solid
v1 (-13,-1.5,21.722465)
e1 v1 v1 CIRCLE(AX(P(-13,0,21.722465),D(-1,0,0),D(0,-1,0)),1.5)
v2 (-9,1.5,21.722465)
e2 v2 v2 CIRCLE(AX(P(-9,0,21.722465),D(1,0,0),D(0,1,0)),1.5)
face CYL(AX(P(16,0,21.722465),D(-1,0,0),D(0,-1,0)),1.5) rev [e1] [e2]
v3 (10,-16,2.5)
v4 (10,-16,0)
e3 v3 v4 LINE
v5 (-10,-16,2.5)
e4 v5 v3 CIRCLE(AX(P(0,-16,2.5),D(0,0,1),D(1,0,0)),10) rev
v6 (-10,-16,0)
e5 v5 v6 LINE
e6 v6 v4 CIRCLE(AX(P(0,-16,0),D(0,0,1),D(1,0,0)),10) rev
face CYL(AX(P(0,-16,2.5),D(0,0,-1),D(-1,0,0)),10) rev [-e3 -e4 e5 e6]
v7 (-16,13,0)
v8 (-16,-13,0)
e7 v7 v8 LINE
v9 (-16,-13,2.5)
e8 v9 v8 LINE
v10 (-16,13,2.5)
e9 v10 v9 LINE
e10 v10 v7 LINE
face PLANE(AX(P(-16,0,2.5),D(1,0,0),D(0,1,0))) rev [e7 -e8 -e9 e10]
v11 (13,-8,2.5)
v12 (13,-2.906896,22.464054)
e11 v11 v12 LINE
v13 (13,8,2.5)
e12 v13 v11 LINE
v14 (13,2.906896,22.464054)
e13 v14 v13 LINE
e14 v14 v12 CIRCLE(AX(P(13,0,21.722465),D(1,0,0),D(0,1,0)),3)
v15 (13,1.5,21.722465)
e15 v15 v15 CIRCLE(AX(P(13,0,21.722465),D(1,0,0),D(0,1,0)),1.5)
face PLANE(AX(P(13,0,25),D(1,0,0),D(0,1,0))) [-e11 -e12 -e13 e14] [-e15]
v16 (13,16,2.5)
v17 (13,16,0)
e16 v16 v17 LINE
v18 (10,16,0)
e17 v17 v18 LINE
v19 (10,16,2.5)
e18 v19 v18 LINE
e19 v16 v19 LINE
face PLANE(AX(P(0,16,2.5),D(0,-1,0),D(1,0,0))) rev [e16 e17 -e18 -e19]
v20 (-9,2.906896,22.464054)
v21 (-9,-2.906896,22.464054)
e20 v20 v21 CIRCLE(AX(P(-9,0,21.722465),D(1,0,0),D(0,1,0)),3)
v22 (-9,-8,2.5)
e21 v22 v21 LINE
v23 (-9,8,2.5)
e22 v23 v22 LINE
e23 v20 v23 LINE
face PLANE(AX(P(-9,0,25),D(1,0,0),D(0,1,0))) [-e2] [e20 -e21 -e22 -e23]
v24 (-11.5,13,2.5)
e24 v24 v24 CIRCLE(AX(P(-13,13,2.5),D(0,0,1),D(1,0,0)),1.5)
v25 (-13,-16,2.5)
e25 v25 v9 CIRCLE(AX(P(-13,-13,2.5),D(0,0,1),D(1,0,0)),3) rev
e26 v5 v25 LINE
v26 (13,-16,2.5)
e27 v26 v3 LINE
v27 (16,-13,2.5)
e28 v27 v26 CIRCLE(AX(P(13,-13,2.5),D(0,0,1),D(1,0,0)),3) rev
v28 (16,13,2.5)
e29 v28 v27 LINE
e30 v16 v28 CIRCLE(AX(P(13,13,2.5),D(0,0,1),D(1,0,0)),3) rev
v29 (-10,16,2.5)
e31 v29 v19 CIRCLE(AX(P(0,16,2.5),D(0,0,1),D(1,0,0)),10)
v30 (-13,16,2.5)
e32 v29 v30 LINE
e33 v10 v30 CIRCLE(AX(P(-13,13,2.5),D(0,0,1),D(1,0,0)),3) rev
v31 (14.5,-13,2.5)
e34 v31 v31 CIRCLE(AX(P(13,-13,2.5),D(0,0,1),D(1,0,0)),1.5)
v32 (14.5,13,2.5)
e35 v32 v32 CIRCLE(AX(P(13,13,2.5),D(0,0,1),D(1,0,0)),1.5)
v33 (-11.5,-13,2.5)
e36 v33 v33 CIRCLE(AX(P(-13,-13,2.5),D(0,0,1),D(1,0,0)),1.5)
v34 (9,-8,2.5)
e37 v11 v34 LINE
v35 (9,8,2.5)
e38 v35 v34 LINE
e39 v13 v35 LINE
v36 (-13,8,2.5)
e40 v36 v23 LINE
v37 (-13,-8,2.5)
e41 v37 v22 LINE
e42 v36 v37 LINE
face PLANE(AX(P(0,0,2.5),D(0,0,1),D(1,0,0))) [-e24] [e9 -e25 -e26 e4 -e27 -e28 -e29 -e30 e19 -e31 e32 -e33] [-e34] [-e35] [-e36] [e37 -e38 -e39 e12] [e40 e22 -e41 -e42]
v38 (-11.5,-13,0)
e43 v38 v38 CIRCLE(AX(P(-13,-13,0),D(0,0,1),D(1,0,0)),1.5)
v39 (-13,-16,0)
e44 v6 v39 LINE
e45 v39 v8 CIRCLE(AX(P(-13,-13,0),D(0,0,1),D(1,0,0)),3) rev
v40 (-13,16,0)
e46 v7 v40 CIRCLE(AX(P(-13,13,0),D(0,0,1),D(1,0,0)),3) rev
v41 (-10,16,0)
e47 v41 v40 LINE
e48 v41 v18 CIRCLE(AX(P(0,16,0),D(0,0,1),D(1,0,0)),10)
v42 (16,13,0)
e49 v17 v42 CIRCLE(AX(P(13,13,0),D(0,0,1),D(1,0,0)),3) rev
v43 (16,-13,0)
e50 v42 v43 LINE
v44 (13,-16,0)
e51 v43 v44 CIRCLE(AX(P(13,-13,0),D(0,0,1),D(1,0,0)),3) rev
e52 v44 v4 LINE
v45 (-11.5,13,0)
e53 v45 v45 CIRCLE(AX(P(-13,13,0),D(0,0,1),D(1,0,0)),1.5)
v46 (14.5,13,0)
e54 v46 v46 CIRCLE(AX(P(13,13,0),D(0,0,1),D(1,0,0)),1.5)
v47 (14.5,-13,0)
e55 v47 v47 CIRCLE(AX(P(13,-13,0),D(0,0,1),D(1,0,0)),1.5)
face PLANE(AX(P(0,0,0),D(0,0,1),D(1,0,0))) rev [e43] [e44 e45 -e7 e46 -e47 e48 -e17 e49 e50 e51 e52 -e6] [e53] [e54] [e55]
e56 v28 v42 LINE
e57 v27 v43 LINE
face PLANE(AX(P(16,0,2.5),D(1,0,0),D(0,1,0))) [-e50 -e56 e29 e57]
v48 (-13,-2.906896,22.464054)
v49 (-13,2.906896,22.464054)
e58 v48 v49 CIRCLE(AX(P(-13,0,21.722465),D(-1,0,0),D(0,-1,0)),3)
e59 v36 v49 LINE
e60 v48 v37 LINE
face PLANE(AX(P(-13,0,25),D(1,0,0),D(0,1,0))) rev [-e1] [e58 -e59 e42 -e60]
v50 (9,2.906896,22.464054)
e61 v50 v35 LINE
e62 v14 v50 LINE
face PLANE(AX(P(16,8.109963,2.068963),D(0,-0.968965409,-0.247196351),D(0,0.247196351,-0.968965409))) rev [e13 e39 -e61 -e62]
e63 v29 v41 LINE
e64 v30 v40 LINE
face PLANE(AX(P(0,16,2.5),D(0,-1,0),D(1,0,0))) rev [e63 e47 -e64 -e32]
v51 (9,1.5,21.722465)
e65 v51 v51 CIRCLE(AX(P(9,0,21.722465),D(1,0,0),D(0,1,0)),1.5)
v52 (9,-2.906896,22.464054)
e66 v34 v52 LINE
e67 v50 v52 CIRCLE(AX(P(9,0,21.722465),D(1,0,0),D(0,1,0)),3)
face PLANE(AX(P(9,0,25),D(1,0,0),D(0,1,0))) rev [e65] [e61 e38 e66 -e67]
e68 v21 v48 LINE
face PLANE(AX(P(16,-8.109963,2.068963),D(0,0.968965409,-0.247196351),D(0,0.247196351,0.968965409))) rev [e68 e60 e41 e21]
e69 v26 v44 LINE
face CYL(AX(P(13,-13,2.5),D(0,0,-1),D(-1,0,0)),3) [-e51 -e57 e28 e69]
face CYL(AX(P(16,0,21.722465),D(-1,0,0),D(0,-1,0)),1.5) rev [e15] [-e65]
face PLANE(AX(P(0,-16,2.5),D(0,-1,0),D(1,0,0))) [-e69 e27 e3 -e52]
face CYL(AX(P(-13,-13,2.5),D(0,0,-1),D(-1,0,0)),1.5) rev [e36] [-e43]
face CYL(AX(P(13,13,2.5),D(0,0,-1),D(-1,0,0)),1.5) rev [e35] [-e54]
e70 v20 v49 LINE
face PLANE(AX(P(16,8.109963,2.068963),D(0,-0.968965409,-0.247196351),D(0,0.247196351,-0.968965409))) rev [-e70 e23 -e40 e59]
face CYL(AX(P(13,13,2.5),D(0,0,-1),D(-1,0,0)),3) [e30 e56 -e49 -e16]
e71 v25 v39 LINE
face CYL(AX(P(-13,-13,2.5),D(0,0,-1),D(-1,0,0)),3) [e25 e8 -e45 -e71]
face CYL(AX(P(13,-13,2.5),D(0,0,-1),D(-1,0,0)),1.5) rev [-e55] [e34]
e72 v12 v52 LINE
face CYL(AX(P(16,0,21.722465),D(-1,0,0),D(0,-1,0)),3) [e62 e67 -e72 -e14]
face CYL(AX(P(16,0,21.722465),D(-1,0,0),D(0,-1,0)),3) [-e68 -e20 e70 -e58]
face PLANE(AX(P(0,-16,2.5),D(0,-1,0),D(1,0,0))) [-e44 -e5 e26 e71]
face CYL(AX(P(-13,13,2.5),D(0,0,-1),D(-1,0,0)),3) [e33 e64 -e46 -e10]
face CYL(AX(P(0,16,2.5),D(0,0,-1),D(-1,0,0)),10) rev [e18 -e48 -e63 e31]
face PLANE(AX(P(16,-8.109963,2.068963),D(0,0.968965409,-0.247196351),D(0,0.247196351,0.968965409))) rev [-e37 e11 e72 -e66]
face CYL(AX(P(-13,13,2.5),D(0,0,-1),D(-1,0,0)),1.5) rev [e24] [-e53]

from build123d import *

# Parameters (mm, degrees)
SKETCH_1_W          = 4
SKETCH_1_H          = 16
EXTRUDE_1_DEPTH     = 25
EXTRUDE_1_2_DEPTH   = 25
SKETCH_1_4_R        = 1.5
SKETCH_1_4_W        = 4
SKETCH_1_4_H        = 16
EXTRUDE_2_DEPTH     = 2.5
SKETCH_5_R          = 1.5
CUT_EXTRUDE_1_DEPTH = 42.496987842


with BuildPart() as part:
    # 草图1 → 凸台-拉伸1 (new body)
    with BuildSketch(Plane.XY):
        with Locations((-11, 0)):
            Rectangle(SKETCH_1_W, SKETCH_1_H)
    extrude(amount=EXTRUDE_1_DEPTH)



with BuildPart() as body_2:
    # 草图1 → Extrude 1 2 (new body)
    with BuildSketch(Plane.XY):
        with Locations((11, 0)):
            Rectangle(SKETCH_1_W, SKETCH_1_H)
    extrude(amount=EXTRUDE_1_2_DEPTH)


with BuildPart() as part_1:
    add(part.part)

    add(body_2.part)  # 凸台-拉伸2 merges body 2
    # 草图1<4> → 凸台-拉伸2 (add)
    with BuildSketch(Plane.XY):
        with BuildLine():
            ThreePointArc((-10, -16), (0, -6), (10, -16))
            Line((10, -16), (13, -16))
            ThreePointArc((13, -16), (15.121320344, -15.121320344), (16, -13))
            Line((16, -13), (16, 13))
            ThreePointArc((16, 13), (15.121320344, 15.121320344), (13, 16))
            Line((13, 16), (10, 16))
            ThreePointArc((10, 16), (0, 6), (-10, 16))
            Line((-10, 16), (-13, 16))
            ThreePointArc((-13, 16), (-15.121320344, 15.121320344), (-16, 13))
            Line((-16, 13), (-16, -13))
            ThreePointArc((-16, -13), (-15.121320344, -15.121320344), (-13, -16))
            Line((-13, -16), (-10, -16))
        make_face()
        with Locations((-13, 13)):
            Circle(SKETCH_1_4_R, mode=Mode.SUBTRACT)
        with Locations((-11, 0)):
            Rectangle(SKETCH_1_4_W, SKETCH_1_4_H, mode=Mode.SUBTRACT)
        with Locations((-13, -13)):
            Circle(SKETCH_1_4_R, mode=Mode.SUBTRACT)
        with Locations((13, 13)):
            Circle(SKETCH_1_4_R, mode=Mode.SUBTRACT)
        with Locations((11, 0)):
            Rectangle(SKETCH_1_4_W, SKETCH_1_4_H, mode=Mode.SUBTRACT)
        with Locations((13, -13)):
            Circle(SKETCH_1_4_R, mode=Mode.SUBTRACT)
    extrude(amount=EXTRUDE_2_DEPTH)

    # 草图5 → 切除-拉伸1 (cut, through all)
    with BuildSketch(Plane.ZY.offset(13)):
        with BuildLine():
            Line((25, 8), (2.5, 8))
            Line((2.5, 8), (22.464054272, 2.90689625))
            ThreePointArc((22.464054272, 2.90689625), (24.722465308, 4.2e-08), (22.464054353, -2.906896229))
            Line((22.464054353, -2.906896229), (2.5, -8))
            Line((2.5, -8), (25, -8))
            Line((25, -8), (25, 8))
        make_face()
        with Locations((21.722465308, 0)):
            Circle(SKETCH_5_R)
    extrude(amount=-CUT_EXTRUDE_1_DEPTH, mode=Mode.SUBTRACT)


solid = part_1.part
